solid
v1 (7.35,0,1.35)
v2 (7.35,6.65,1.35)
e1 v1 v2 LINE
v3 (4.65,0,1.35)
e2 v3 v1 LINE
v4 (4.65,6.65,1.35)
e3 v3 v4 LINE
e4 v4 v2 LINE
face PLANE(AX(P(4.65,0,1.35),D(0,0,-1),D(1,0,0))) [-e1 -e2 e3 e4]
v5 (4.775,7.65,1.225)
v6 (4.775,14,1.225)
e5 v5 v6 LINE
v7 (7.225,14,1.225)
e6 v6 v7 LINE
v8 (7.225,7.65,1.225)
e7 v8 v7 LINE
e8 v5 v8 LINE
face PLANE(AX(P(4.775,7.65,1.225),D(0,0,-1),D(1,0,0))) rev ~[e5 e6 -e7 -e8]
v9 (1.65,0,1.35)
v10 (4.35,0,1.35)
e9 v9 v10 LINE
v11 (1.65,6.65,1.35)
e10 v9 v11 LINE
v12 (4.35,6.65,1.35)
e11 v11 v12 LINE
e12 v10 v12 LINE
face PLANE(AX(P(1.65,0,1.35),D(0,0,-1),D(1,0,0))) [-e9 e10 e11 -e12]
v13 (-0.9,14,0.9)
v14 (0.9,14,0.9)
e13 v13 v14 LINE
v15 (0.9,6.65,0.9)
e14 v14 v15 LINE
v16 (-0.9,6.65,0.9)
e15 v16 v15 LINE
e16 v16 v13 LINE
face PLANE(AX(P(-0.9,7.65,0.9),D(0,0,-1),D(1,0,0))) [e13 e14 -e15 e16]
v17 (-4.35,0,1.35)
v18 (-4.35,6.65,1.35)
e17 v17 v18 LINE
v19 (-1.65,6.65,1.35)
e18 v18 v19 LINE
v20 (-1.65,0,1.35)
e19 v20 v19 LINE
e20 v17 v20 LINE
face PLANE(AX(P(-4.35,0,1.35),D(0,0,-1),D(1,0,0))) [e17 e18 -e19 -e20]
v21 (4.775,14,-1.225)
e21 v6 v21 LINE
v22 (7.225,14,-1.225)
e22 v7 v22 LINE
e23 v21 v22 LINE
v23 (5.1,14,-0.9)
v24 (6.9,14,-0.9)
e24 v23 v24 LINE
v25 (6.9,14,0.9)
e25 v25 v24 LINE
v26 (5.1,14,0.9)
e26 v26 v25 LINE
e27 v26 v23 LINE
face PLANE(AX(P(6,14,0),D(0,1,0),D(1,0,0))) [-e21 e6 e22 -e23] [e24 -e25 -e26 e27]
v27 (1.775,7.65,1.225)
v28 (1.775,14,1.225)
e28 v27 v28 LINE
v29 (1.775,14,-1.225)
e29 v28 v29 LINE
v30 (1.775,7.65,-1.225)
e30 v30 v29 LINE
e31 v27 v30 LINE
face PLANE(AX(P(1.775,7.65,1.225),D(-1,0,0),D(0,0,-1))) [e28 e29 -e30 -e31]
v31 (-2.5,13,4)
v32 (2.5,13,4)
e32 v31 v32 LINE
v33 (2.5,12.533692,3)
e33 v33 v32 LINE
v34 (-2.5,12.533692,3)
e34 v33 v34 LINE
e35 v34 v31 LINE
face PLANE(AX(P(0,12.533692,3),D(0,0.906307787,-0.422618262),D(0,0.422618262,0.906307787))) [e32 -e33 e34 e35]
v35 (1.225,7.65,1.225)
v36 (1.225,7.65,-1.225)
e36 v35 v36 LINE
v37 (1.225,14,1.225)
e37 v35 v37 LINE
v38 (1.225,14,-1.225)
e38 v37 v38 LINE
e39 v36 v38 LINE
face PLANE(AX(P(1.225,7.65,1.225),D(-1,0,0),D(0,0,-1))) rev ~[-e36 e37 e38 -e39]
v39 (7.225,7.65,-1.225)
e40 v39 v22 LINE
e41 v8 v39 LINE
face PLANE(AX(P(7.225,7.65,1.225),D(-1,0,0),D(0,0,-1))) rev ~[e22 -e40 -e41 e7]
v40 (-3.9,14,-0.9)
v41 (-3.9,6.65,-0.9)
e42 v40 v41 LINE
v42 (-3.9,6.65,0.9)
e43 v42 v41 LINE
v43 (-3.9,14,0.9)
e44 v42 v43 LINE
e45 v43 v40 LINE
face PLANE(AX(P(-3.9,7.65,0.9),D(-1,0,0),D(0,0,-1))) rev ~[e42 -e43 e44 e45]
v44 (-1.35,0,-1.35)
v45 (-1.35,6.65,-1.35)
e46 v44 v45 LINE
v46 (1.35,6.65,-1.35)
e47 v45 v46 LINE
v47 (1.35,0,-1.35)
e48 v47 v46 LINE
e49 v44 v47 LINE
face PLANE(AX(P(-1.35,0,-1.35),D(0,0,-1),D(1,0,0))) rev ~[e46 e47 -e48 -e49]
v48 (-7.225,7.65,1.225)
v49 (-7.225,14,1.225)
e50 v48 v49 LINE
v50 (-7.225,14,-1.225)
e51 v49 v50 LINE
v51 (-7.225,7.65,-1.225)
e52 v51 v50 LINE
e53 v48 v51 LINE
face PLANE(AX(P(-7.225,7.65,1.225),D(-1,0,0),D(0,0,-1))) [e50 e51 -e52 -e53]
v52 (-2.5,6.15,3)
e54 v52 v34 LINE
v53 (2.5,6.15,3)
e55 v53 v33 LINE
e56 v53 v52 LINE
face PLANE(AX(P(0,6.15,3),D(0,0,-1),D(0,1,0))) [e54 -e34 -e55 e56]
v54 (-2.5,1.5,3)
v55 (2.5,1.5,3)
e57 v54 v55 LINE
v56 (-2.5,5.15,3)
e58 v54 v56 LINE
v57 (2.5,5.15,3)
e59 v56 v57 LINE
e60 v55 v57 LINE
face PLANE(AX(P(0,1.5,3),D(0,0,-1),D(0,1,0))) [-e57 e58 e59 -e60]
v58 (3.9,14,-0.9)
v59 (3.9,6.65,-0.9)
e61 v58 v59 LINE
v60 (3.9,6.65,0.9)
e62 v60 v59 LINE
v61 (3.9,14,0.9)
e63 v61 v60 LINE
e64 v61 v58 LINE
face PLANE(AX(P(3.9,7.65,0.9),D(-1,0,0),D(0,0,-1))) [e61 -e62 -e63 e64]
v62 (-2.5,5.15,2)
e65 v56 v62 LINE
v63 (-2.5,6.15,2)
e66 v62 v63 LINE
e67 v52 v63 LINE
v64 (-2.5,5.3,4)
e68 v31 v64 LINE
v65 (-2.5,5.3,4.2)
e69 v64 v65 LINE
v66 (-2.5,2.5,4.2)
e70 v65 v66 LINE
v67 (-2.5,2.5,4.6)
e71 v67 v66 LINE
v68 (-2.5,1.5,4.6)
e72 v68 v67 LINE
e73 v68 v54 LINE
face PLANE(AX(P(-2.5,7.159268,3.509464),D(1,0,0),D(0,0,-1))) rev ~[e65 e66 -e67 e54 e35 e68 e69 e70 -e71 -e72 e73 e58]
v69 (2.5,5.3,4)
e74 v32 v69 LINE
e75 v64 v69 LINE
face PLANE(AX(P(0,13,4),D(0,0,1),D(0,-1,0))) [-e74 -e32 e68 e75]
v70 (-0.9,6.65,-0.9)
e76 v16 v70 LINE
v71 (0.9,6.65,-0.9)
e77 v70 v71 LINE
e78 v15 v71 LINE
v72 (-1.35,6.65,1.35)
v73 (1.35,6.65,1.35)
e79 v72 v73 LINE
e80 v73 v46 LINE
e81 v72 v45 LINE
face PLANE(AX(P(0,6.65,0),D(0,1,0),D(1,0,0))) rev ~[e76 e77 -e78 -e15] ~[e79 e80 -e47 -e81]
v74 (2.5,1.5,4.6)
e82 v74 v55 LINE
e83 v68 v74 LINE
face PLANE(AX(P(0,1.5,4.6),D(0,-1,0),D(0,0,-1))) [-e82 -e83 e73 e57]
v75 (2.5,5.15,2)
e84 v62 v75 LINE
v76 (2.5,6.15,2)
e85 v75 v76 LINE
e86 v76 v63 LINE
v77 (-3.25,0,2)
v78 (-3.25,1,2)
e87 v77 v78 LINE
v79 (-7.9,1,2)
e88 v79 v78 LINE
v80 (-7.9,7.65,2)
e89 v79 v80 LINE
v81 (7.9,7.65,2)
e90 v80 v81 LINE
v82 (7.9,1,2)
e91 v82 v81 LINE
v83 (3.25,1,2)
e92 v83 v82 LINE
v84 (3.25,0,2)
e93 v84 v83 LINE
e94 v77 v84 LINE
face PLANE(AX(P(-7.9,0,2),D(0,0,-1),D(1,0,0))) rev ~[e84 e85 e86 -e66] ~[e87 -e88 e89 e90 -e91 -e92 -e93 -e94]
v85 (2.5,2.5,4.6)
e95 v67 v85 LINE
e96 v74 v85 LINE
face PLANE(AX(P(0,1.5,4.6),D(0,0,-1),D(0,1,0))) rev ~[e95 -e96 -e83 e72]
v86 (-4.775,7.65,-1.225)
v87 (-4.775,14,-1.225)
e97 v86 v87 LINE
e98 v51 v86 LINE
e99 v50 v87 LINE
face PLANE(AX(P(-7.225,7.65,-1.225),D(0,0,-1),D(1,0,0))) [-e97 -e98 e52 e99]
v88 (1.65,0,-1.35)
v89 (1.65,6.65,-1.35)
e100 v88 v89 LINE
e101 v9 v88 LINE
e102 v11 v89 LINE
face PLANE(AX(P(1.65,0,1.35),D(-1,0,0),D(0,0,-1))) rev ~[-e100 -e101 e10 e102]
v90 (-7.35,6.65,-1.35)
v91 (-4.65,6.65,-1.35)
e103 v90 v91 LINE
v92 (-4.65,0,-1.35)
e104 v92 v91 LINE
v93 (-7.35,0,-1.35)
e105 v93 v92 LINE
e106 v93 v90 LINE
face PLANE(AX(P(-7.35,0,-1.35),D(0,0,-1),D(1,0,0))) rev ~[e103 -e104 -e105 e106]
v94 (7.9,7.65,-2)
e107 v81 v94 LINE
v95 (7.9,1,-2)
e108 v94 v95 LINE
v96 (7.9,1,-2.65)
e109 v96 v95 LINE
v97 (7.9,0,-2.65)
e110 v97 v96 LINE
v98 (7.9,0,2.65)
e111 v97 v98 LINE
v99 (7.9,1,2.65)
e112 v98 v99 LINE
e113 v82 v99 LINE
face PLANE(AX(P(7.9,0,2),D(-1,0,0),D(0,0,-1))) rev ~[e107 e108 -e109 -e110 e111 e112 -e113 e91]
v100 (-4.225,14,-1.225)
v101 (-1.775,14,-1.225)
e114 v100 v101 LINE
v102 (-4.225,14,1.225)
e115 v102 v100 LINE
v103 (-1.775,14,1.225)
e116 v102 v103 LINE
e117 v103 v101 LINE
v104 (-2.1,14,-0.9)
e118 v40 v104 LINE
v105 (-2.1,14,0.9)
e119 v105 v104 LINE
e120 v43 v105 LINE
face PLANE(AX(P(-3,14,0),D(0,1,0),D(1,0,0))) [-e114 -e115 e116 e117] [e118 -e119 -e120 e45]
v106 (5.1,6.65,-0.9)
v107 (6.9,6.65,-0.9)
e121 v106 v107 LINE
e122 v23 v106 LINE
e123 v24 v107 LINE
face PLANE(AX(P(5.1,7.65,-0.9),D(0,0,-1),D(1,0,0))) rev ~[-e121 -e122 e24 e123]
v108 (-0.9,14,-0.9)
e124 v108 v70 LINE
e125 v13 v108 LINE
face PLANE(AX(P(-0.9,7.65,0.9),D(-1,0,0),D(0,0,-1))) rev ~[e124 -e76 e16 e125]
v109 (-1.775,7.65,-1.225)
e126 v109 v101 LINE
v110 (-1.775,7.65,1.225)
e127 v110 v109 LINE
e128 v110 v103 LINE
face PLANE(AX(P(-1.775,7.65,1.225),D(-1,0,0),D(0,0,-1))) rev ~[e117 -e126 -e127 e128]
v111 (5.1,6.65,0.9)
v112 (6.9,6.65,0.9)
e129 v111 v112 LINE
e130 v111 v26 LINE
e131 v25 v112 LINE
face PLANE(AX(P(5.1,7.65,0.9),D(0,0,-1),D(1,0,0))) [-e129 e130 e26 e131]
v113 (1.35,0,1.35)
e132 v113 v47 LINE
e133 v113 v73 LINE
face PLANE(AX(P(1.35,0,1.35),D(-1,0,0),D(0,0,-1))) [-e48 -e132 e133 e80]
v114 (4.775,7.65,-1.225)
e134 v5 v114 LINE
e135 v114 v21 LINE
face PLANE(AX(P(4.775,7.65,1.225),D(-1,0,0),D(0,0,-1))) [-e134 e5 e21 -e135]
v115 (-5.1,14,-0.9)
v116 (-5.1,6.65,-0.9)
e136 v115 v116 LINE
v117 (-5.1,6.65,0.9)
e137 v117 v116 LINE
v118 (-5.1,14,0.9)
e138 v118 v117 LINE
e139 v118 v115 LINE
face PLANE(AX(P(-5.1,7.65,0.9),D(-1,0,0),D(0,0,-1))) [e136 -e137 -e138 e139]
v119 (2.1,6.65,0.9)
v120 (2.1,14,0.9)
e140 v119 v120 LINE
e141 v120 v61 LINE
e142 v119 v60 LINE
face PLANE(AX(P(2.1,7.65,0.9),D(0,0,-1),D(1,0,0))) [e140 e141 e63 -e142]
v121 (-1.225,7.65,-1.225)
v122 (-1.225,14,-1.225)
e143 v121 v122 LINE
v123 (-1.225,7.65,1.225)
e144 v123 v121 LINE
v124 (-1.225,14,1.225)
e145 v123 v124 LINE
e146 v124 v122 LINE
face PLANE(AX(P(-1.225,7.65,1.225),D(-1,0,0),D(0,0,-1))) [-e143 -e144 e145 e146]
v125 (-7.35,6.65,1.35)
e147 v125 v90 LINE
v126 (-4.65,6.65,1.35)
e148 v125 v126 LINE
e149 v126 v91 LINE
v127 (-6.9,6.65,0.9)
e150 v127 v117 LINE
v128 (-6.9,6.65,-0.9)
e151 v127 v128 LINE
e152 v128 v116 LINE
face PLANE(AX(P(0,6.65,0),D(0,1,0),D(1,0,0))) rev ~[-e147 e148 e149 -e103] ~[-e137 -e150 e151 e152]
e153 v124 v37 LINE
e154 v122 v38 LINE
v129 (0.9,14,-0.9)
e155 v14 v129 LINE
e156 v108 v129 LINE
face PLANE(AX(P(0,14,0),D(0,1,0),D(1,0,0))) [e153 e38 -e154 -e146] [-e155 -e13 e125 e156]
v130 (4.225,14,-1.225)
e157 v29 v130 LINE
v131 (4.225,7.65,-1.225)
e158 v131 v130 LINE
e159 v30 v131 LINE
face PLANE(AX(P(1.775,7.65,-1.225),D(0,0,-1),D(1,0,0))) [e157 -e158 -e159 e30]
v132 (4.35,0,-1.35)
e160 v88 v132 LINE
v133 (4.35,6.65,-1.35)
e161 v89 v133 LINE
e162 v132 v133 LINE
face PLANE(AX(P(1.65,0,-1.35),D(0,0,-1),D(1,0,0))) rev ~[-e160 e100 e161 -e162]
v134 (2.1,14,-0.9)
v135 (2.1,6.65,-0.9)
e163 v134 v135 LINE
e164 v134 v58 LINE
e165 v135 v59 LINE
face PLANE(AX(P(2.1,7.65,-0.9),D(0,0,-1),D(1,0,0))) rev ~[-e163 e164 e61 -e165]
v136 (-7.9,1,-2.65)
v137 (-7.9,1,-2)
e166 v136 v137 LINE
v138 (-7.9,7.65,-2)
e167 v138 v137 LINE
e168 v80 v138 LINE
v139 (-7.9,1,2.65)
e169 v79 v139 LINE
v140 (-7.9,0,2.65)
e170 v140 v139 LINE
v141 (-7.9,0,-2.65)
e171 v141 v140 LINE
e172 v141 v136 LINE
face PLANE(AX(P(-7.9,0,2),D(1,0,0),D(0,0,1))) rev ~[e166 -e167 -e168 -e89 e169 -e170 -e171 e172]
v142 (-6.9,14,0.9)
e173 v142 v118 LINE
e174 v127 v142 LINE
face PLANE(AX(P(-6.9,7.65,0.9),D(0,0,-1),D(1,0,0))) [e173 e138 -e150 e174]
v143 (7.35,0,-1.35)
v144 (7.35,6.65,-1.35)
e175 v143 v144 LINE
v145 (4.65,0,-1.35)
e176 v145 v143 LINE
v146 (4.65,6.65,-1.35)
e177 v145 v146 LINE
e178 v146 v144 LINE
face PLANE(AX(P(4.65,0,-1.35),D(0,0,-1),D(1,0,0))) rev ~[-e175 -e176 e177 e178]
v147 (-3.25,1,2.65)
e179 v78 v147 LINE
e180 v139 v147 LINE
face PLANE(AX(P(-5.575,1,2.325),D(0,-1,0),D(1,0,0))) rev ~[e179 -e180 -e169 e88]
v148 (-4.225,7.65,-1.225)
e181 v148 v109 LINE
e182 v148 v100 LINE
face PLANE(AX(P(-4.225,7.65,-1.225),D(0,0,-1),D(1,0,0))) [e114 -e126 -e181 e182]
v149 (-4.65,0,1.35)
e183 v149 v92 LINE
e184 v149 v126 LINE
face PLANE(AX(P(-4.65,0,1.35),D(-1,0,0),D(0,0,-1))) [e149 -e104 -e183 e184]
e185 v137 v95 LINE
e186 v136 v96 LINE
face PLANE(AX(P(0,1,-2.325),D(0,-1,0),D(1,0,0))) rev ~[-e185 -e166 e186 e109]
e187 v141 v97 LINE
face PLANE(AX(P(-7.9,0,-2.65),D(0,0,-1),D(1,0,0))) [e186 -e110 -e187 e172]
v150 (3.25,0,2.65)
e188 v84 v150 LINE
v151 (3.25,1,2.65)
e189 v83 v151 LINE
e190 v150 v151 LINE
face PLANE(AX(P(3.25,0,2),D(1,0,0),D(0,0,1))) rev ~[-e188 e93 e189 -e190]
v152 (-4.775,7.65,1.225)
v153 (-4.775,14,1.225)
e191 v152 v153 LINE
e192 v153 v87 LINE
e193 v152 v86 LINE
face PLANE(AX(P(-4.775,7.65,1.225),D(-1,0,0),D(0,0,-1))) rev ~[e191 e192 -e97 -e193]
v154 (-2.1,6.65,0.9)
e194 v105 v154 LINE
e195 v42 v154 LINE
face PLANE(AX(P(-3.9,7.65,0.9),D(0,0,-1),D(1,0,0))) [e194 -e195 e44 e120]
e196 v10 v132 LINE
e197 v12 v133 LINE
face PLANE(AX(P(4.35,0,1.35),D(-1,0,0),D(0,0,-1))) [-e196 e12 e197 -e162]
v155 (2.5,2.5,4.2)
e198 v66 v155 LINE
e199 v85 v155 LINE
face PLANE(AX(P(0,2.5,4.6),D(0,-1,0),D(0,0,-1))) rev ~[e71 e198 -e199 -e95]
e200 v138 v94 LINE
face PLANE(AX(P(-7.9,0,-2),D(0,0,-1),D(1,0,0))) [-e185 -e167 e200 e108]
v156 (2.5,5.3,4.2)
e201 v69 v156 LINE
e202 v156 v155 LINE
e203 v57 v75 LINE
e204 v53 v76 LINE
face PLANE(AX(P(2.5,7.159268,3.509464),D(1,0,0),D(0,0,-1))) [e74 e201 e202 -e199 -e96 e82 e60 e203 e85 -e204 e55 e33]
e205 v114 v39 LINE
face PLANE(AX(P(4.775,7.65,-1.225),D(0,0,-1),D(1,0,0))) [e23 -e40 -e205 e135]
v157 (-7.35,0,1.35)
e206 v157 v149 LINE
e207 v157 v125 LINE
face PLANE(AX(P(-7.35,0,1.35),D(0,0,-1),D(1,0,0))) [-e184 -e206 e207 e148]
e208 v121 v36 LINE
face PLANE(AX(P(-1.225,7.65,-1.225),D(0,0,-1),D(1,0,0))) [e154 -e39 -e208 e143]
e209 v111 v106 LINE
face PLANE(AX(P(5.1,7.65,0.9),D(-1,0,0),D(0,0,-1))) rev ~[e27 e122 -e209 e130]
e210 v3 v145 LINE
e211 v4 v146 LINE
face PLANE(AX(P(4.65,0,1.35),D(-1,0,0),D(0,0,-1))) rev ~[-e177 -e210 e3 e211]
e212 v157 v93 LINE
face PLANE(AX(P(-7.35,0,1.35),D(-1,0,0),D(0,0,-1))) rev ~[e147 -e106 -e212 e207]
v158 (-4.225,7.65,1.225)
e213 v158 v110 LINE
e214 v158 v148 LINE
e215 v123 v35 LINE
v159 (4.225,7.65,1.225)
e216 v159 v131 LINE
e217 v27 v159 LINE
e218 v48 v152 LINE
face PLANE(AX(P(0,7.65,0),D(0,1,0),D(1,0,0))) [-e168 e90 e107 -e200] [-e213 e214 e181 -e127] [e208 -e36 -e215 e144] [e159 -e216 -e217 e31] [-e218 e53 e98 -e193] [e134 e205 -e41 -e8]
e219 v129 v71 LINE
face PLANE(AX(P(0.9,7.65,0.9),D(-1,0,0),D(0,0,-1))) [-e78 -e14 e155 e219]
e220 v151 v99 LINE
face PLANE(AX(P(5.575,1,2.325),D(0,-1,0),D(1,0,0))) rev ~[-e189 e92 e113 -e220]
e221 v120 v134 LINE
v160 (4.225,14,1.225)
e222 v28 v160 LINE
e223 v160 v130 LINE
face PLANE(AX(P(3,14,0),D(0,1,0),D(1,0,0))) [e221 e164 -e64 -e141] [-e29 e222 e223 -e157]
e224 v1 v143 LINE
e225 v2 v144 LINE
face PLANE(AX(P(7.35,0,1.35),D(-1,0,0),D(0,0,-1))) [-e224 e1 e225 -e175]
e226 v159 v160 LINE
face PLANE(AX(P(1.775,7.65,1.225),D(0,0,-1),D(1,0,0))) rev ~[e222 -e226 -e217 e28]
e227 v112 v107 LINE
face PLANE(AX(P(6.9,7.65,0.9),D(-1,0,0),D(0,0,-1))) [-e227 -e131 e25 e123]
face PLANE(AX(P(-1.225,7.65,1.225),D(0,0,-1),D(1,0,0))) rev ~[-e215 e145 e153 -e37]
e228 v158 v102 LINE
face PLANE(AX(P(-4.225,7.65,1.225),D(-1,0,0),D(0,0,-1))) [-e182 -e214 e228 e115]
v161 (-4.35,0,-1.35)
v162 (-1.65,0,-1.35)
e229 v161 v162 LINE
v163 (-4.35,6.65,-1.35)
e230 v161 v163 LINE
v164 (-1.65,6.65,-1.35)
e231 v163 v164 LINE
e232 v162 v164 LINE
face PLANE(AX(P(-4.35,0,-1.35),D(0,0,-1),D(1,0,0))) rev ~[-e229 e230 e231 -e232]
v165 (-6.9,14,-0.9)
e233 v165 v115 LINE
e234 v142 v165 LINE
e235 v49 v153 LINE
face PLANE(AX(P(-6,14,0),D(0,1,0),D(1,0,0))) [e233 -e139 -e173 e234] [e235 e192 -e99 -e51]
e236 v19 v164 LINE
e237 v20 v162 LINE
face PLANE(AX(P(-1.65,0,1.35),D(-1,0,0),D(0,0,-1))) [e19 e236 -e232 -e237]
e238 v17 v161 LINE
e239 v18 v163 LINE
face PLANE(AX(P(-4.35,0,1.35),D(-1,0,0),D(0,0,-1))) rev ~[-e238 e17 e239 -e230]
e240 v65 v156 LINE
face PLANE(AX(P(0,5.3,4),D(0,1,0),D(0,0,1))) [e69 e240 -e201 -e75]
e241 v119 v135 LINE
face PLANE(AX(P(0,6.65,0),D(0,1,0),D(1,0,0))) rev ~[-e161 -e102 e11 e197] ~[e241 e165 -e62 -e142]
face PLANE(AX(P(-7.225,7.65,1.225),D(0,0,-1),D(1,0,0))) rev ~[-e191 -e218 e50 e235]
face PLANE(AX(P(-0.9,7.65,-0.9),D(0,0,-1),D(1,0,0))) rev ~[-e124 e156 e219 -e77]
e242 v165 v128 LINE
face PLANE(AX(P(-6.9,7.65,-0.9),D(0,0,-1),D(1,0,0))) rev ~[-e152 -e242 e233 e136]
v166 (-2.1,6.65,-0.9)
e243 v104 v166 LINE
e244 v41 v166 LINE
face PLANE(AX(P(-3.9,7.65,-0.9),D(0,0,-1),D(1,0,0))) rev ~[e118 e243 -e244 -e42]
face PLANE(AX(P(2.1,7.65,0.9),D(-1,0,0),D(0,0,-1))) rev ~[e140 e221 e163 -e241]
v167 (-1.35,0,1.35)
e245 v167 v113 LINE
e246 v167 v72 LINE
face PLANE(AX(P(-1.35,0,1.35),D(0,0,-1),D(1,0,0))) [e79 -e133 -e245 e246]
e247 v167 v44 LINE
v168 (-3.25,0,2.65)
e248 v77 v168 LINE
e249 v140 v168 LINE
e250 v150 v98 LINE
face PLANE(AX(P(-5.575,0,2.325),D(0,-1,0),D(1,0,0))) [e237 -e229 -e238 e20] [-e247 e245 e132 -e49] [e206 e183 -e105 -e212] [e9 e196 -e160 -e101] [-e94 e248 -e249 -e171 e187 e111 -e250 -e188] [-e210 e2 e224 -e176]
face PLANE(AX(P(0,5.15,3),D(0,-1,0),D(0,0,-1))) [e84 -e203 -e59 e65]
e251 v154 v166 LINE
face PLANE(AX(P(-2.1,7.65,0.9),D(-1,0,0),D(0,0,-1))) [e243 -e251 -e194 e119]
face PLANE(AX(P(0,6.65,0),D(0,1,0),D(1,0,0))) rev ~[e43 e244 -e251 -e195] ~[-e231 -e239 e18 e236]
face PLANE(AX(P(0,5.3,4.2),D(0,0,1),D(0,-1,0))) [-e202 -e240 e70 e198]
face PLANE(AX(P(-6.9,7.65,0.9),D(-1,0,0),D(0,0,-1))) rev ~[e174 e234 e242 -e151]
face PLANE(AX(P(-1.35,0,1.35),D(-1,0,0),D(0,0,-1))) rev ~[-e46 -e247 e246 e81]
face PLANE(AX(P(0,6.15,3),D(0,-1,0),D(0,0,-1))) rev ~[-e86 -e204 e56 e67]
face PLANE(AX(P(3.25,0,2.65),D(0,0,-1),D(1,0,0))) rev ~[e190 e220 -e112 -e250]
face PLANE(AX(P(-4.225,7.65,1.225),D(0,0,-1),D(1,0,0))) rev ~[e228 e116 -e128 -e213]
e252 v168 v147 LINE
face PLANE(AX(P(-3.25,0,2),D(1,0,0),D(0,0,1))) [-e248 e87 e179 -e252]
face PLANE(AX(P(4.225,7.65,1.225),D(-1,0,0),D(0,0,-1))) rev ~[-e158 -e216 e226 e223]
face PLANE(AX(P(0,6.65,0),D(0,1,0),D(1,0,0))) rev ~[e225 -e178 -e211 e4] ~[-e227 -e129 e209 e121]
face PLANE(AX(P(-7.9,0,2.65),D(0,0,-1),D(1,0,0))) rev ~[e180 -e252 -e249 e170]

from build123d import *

# Parameters (mm, degrees)
SKETCH1_W           = 15.8
SKETCH1_H           = 4
SKETCH1_W_2         = 2.7
SKETCH1_H_2         = 2.7
BOSS_EXTRUDE1_DEPTH = 7.65
SKETCH2_W           = 15.8
SKETCH2_H           = 4
SKETCH2_W_2         = 1.8
SKETCH2_H_2         = 1.8
BOSS_EXTRUDE2_DEPTH = 1
SKETCH3_W           = 2.45
SKETCH3_H           = 2.45
SKETCH3_W_2         = 1.8
SKETCH3_H_2         = 1.8
BOSS_EXTRUDE3_DEPTH = 6.35
SKETCH4_W           = 4.65
SKETCH4_H           = 0.65
SKETCH4_W_2         = 15.8
BOSS_EXTRUDE4_DEPTH = 1
SKETCH5_W           = 1
SKETCH5_H           = 1
SKETCH5_W_2         = 0.4
BOSS_EXTRUDE5_DEPTH = 2.5


with BuildPart() as part:
    # Sketch1 → Boss-Extrude1 (new body)
    with BuildSketch(Plane(origin=(0, 0, 0), x_dir=(1, 0, 0), z_dir=(0, 1, 0))):
        Rectangle(SKETCH1_W, SKETCH1_H)
        Rectangle(SKETCH1_W_2, SKETCH1_H_2, mode=Mode.SUBTRACT)
        with Locations((3, 0)):
            Rectangle(SKETCH1_W_2, SKETCH1_H_2, mode=Mode.SUBTRACT)
        with Locations((6, 0)):
            Rectangle(SKETCH1_W_2, SKETCH1_H_2, mode=Mode.SUBTRACT)
        with Locations((-6, 0)):
            Rectangle(SKETCH1_W_2, SKETCH1_H_2, mode=Mode.SUBTRACT)
        with Locations((-3, 0)):
            Rectangle(SKETCH1_W_2, SKETCH1_H_2, mode=Mode.SUBTRACT)
    extrude(amount=BOSS_EXTRUDE1_DEPTH)

    # Sketch2 → Boss-Extrude2 (add)
    with BuildSketch(Plane(origin=(0, 7.65, 0), x_dir=(1, 0, 0), z_dir=(0, 1, 0))):
        Rectangle(SKETCH2_W, SKETCH2_H)
        with Locations((-6, 0)):
            Rectangle(SKETCH2_W_2, SKETCH2_H_2, mode=Mode.SUBTRACT)
        with Locations((-3, 0)):
            Rectangle(SKETCH2_W_2, SKETCH2_H_2, mode=Mode.SUBTRACT)
        Rectangle(SKETCH2_W_2, SKETCH2_H_2, mode=Mode.SUBTRACT)
        with Locations((3, 0)):
            Rectangle(SKETCH2_W_2, SKETCH2_H_2, mode=Mode.SUBTRACT)
        with Locations((6, 0)):
            Rectangle(SKETCH2_W_2, SKETCH2_H_2, mode=Mode.SUBTRACT)
    extrude(amount=-BOSS_EXTRUDE2_DEPTH)

    # Sketch3 → Boss-Extrude3 (add)
    with BuildSketch(Plane(origin=(0, 7.65, 0), x_dir=(1, 0, 0), z_dir=(0, 1, 0))):
        with Locations((-6, 0)):
            Rectangle(SKETCH3_W, SKETCH3_H)
        with Locations((-6, 0)):
            Rectangle(SKETCH3_W_2, SKETCH3_H_2, mode=Mode.SUBTRACT)
        with Locations((-3, 0)):
            Rectangle(SKETCH3_W, SKETCH3_H)
        with Locations((-3, 0)):
            Rectangle(SKETCH3_W_2, SKETCH3_H_2, mode=Mode.SUBTRACT)
        Rectangle(SKETCH3_W, SKETCH3_H)
        Rectangle(SKETCH3_W_2, SKETCH3_H_2, mode=Mode.SUBTRACT)
        with Locations((3, 0)):
            Rectangle(SKETCH3_W, SKETCH3_H)
        with Locations((3, 0)):
            Rectangle(SKETCH3_W_2, SKETCH3_H_2, mode=Mode.SUBTRACT)
        with Locations((6, 0)):
            Rectangle(SKETCH3_W, SKETCH3_H)
        with Locations((6, 0)):
            Rectangle(SKETCH3_W_2, SKETCH3_H_2, mode=Mode.SUBTRACT)
    extrude(amount=BOSS_EXTRUDE3_DEPTH)

    # Sketch4 → Boss-Extrude4 (add)
    with BuildSketch(Plane.XZ):
        with Locations((-5.575, 2.325)):
            Rectangle(SKETCH4_W, SKETCH4_H)
        with Locations((5.575, 2.325)):
            Rectangle(SKETCH4_W, SKETCH4_H)
        with Locations((0, -2.325)):
            Rectangle(SKETCH4_W_2, SKETCH4_H)
    extrude(amount=-BOSS_EXTRUDE4_DEPTH)

    # Sketch5 → Boss-Extrude5 (add, symmetric)
    with BuildSketch(Plane(origin=(0, 0, 0), x_dir=(0, 0, -1), z_dir=(1, 0, 0))):
        Polygon((-3, 5.15), (-3, 6.15), (-3, 12.533692342), (-4, 13), (-4, 5.3), (-4, 1.5), (-3, 1.5), align=None)
        with Locations((-2.5, 5.65)):
            Rectangle(SKETCH5_W, SKETCH5_H)
        Polygon((-4.2, 1.5), (-4, 1.5), (-4, 5.3), (-4.2, 5.3), (-4.2, 2.5), align=None)
        with Locations((-4.4, 2)):
            Rectangle(SKETCH5_W_2, SKETCH5_H)
    extrude(amount=BOSS_EXTRUDE5_DEPTH, both=True)


solid = part.part
